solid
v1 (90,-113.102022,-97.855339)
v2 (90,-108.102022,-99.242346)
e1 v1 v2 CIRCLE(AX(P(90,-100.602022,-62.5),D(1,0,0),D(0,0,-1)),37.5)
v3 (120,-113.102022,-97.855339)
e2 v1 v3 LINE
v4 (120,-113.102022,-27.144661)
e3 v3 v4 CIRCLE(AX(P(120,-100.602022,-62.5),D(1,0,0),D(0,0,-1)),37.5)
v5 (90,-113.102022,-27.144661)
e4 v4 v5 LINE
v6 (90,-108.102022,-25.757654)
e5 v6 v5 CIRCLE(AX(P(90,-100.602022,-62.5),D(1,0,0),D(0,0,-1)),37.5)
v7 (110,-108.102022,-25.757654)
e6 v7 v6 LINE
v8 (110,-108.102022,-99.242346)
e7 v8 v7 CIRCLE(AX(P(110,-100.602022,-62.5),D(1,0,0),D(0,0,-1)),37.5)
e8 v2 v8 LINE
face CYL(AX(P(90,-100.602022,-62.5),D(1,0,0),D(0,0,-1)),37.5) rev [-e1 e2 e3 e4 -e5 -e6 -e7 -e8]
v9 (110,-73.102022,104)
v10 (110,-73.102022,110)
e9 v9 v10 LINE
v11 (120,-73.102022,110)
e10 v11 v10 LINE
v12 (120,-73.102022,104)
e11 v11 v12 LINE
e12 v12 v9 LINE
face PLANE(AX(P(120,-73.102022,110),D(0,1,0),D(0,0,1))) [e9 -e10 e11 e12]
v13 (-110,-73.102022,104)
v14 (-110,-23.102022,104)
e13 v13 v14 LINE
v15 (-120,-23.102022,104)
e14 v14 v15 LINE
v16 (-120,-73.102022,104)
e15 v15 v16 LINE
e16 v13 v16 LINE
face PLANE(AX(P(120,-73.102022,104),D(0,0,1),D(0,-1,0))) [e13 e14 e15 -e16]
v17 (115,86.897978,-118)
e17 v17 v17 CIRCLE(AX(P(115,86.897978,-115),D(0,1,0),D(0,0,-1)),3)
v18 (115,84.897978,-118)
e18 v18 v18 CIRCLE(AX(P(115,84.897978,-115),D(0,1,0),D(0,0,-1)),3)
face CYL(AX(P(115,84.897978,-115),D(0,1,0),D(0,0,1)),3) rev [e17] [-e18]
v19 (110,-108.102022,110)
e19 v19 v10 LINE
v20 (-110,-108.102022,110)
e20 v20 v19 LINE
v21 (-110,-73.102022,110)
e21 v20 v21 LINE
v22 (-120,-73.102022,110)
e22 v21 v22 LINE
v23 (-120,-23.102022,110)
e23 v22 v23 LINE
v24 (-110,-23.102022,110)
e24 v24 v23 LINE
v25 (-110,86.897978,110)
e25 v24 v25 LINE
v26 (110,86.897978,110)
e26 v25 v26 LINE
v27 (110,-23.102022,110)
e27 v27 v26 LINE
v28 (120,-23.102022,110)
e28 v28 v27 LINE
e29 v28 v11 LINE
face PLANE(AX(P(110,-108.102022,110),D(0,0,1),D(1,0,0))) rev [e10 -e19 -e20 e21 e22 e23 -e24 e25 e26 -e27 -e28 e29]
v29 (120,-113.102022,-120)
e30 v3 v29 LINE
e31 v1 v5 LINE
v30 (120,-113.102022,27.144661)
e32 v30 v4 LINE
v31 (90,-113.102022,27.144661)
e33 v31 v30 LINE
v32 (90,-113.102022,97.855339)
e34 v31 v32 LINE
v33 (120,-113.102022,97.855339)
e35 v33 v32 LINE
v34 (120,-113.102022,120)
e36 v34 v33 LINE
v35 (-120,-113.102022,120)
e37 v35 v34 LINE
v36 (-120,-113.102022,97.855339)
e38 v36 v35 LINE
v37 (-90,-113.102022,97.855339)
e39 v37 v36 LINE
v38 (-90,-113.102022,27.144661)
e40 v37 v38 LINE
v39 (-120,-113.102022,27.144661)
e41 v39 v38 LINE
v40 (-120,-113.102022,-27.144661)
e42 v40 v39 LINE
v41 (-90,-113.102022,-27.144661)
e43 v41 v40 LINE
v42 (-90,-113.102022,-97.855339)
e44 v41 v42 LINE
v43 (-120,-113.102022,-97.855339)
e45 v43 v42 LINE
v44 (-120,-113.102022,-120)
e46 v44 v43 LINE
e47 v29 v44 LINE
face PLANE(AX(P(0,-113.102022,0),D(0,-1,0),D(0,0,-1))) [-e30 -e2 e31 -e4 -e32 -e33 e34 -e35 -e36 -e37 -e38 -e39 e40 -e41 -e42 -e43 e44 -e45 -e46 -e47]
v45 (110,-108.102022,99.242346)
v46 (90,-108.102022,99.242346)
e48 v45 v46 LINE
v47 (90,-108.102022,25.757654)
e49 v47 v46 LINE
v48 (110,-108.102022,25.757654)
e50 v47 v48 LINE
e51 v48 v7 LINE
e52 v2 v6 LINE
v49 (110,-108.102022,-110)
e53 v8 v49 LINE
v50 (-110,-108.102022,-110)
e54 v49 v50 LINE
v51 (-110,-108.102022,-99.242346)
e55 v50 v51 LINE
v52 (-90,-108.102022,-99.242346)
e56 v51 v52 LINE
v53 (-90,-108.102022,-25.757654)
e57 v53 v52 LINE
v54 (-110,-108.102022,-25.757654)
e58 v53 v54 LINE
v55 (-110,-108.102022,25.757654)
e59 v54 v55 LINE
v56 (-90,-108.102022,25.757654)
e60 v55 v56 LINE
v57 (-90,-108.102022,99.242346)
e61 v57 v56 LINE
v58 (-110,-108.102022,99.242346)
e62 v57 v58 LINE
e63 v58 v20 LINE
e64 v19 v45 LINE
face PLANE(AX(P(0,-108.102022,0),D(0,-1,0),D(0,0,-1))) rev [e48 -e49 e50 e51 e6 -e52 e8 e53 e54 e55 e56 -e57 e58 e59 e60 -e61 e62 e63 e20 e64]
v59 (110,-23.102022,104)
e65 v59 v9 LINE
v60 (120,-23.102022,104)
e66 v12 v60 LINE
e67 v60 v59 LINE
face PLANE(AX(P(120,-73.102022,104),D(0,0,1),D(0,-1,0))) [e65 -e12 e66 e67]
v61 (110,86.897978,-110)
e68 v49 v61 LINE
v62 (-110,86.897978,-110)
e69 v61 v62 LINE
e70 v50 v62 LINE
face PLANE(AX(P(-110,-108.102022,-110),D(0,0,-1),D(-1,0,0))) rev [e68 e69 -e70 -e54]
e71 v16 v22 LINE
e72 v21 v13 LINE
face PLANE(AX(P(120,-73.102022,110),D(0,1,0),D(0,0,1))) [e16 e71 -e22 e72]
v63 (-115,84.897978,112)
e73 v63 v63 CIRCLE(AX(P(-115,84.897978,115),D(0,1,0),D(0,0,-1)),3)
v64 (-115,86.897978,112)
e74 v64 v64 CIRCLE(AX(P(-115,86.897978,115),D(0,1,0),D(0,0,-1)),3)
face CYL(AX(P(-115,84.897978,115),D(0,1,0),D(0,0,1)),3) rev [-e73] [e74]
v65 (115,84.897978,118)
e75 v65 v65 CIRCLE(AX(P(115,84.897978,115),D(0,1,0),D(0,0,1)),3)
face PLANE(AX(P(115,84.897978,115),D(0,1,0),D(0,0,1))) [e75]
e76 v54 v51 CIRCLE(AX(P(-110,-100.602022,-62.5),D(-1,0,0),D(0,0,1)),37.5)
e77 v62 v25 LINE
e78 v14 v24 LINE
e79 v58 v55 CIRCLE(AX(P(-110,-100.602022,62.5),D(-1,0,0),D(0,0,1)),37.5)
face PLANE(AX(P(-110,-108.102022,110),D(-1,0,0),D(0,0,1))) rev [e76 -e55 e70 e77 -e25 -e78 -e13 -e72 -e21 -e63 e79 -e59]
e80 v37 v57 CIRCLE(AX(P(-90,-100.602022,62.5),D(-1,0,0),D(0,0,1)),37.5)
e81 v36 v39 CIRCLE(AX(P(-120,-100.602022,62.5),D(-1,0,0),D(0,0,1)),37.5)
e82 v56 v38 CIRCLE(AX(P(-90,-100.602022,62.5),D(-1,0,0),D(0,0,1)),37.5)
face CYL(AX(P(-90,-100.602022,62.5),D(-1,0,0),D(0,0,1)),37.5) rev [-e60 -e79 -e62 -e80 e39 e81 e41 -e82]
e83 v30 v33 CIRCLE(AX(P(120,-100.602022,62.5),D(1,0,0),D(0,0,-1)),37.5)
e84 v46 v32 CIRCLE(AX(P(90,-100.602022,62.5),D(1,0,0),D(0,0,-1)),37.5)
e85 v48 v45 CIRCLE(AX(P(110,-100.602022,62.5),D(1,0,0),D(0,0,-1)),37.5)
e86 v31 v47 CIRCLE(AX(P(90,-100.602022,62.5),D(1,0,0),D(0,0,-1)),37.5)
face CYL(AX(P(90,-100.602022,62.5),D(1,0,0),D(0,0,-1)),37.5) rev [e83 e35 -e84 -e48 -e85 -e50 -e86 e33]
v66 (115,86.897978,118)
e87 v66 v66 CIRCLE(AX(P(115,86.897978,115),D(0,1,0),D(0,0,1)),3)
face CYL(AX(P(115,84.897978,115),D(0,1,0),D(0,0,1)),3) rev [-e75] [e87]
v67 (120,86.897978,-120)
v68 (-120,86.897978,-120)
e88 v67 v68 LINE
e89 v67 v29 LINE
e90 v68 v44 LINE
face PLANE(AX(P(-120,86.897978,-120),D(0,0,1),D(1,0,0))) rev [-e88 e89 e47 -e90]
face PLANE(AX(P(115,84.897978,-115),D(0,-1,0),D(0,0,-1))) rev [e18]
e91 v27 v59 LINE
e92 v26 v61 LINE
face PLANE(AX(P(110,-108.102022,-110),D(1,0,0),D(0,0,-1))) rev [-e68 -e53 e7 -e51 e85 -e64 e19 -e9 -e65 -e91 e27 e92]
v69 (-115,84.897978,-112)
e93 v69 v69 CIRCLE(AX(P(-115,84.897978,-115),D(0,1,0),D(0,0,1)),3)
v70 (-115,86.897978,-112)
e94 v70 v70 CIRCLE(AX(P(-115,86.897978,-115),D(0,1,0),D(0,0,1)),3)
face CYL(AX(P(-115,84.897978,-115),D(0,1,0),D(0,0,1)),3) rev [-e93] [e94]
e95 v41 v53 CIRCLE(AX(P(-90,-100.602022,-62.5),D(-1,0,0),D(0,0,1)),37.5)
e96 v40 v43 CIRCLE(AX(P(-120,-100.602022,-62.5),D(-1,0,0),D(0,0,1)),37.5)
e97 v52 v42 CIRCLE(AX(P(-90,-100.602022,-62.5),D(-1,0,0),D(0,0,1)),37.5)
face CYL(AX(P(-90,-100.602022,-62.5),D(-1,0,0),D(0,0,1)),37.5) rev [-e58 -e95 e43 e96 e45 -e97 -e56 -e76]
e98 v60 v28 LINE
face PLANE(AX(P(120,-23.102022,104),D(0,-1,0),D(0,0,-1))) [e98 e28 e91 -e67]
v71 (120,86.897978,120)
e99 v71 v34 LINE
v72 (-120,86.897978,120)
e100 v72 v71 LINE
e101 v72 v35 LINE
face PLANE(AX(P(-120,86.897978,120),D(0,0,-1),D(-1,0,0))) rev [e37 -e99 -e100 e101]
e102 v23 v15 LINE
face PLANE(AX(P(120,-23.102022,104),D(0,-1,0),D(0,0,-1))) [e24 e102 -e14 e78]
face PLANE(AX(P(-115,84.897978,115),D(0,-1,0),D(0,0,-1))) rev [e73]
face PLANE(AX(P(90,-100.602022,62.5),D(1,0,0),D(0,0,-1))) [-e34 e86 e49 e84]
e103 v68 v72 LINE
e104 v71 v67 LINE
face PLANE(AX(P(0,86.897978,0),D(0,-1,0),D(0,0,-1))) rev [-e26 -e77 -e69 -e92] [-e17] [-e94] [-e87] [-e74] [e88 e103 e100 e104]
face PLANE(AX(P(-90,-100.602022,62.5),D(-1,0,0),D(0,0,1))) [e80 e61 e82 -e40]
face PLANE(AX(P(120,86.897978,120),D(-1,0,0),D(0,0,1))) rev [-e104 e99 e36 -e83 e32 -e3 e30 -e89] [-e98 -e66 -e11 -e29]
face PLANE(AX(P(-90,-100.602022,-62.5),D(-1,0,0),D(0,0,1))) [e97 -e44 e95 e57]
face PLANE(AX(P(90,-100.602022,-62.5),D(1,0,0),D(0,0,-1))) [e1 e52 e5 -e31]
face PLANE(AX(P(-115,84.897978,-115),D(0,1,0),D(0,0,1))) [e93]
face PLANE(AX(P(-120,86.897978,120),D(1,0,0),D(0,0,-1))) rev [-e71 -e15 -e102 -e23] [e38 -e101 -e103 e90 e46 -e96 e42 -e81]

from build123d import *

# Parameters (mm, degrees)
SKETCH2_W               = 240
SKETCH2_H               = 240
BOSS_EXTRUDE1_DEPTH     = 200
SKETCH17_W              = 220
SKETCH17_H              = 220
CUT_EXTRUDE1_DEPTH      = 195
SKETCH20_R              = 37.5
CUT_EXTRUDE3_DEPTH      = 30
SKETCH21_R              = 37.5
CUT_EXTRUDE4_DEPTH      = 30
SKETCH22_R              = 3
CUT_EXTRUDE5_DEPTH      = 2
SKETCH24_W              = 6
SKETCH24_H              = 50
CUT_EXTRUDE7_DEPTH      = 1
CUT_EXTRUDE7_DEPTH_BACK = 241


with BuildPart() as part:
    # Sketch2 → Boss-Extrude1 (new body)
    with BuildSketch(Plane(origin=(0, -113.102021597, 0), x_dir=(1, 0, 0), z_dir=(0, 1, 0))):
        Rectangle(SKETCH2_W, SKETCH2_H)
    extrude(amount=BOSS_EXTRUDE1_DEPTH)

    # Sketch17 → Cut-Extrude1 (cut)
    with BuildSketch(Plane(origin=(0, 86.897978403, 0), x_dir=(1, 0, 0), z_dir=(0, 1, 0))):
        Rectangle(SKETCH17_W, SKETCH17_H)
    extrude(amount=-CUT_EXTRUDE1_DEPTH, mode=Mode.SUBTRACT)

    # Sketch20 → Cut-Extrude3 (cut)
    with BuildSketch(Plane(origin=(120, 0, 0), x_dir=(0, 0, -1), z_dir=(1, 0, 0))):
        with Locations((-62.5, -100.602021597)):
            Circle(SKETCH20_R)
        with Locations((62.5, -100.602021597)):
            Circle(SKETCH20_R)
    extrude(amount=-CUT_EXTRUDE3_DEPTH, mode=Mode.SUBTRACT)

    # Sketch21 → Cut-Extrude4 (cut)
    with BuildSketch(Plane.ZY.offset(120)):
        with Locations((62.5, -100.602021597)):
            Circle(SKETCH21_R)
        with Locations((-62.5, -100.602021597)):
            Circle(SKETCH21_R)
    extrude(amount=-CUT_EXTRUDE4_DEPTH, mode=Mode.SUBTRACT)

    # Sketch22 → Cut-Extrude5 (cut)
    with BuildSketch(Plane(origin=(0, 86.897978403, 0), x_dir=(1, 0, 0), z_dir=(0, 1, 0))):
        with Locations((-115, 115)):
            Circle(SKETCH22_R)
        with Locations((-115, -115)):
            Circle(SKETCH22_R)
        with Locations((115, -115)):
            Circle(SKETCH22_R)
        with Locations((115, 115)):
            Circle(SKETCH22_R)
    extrude(amount=-CUT_EXTRUDE5_DEPTH, mode=Mode.SUBTRACT)

    # Sketch24 → Cut-Extrude7 (cut, two sides)
    with BuildSketch(Plane.ZY.offset(120)) as cut_extrude7_sk:
        with Locations((107, -48.102021597)):
            Rectangle(SKETCH24_W, SKETCH24_H)
    extrude(amount=CUT_EXTRUDE7_DEPTH, mode=Mode.SUBTRACT)
    extrude(cut_extrude7_sk.sketch, amount=-CUT_EXTRUDE7_DEPTH_BACK, mode=Mode.SUBTRACT)


solid = part.part
